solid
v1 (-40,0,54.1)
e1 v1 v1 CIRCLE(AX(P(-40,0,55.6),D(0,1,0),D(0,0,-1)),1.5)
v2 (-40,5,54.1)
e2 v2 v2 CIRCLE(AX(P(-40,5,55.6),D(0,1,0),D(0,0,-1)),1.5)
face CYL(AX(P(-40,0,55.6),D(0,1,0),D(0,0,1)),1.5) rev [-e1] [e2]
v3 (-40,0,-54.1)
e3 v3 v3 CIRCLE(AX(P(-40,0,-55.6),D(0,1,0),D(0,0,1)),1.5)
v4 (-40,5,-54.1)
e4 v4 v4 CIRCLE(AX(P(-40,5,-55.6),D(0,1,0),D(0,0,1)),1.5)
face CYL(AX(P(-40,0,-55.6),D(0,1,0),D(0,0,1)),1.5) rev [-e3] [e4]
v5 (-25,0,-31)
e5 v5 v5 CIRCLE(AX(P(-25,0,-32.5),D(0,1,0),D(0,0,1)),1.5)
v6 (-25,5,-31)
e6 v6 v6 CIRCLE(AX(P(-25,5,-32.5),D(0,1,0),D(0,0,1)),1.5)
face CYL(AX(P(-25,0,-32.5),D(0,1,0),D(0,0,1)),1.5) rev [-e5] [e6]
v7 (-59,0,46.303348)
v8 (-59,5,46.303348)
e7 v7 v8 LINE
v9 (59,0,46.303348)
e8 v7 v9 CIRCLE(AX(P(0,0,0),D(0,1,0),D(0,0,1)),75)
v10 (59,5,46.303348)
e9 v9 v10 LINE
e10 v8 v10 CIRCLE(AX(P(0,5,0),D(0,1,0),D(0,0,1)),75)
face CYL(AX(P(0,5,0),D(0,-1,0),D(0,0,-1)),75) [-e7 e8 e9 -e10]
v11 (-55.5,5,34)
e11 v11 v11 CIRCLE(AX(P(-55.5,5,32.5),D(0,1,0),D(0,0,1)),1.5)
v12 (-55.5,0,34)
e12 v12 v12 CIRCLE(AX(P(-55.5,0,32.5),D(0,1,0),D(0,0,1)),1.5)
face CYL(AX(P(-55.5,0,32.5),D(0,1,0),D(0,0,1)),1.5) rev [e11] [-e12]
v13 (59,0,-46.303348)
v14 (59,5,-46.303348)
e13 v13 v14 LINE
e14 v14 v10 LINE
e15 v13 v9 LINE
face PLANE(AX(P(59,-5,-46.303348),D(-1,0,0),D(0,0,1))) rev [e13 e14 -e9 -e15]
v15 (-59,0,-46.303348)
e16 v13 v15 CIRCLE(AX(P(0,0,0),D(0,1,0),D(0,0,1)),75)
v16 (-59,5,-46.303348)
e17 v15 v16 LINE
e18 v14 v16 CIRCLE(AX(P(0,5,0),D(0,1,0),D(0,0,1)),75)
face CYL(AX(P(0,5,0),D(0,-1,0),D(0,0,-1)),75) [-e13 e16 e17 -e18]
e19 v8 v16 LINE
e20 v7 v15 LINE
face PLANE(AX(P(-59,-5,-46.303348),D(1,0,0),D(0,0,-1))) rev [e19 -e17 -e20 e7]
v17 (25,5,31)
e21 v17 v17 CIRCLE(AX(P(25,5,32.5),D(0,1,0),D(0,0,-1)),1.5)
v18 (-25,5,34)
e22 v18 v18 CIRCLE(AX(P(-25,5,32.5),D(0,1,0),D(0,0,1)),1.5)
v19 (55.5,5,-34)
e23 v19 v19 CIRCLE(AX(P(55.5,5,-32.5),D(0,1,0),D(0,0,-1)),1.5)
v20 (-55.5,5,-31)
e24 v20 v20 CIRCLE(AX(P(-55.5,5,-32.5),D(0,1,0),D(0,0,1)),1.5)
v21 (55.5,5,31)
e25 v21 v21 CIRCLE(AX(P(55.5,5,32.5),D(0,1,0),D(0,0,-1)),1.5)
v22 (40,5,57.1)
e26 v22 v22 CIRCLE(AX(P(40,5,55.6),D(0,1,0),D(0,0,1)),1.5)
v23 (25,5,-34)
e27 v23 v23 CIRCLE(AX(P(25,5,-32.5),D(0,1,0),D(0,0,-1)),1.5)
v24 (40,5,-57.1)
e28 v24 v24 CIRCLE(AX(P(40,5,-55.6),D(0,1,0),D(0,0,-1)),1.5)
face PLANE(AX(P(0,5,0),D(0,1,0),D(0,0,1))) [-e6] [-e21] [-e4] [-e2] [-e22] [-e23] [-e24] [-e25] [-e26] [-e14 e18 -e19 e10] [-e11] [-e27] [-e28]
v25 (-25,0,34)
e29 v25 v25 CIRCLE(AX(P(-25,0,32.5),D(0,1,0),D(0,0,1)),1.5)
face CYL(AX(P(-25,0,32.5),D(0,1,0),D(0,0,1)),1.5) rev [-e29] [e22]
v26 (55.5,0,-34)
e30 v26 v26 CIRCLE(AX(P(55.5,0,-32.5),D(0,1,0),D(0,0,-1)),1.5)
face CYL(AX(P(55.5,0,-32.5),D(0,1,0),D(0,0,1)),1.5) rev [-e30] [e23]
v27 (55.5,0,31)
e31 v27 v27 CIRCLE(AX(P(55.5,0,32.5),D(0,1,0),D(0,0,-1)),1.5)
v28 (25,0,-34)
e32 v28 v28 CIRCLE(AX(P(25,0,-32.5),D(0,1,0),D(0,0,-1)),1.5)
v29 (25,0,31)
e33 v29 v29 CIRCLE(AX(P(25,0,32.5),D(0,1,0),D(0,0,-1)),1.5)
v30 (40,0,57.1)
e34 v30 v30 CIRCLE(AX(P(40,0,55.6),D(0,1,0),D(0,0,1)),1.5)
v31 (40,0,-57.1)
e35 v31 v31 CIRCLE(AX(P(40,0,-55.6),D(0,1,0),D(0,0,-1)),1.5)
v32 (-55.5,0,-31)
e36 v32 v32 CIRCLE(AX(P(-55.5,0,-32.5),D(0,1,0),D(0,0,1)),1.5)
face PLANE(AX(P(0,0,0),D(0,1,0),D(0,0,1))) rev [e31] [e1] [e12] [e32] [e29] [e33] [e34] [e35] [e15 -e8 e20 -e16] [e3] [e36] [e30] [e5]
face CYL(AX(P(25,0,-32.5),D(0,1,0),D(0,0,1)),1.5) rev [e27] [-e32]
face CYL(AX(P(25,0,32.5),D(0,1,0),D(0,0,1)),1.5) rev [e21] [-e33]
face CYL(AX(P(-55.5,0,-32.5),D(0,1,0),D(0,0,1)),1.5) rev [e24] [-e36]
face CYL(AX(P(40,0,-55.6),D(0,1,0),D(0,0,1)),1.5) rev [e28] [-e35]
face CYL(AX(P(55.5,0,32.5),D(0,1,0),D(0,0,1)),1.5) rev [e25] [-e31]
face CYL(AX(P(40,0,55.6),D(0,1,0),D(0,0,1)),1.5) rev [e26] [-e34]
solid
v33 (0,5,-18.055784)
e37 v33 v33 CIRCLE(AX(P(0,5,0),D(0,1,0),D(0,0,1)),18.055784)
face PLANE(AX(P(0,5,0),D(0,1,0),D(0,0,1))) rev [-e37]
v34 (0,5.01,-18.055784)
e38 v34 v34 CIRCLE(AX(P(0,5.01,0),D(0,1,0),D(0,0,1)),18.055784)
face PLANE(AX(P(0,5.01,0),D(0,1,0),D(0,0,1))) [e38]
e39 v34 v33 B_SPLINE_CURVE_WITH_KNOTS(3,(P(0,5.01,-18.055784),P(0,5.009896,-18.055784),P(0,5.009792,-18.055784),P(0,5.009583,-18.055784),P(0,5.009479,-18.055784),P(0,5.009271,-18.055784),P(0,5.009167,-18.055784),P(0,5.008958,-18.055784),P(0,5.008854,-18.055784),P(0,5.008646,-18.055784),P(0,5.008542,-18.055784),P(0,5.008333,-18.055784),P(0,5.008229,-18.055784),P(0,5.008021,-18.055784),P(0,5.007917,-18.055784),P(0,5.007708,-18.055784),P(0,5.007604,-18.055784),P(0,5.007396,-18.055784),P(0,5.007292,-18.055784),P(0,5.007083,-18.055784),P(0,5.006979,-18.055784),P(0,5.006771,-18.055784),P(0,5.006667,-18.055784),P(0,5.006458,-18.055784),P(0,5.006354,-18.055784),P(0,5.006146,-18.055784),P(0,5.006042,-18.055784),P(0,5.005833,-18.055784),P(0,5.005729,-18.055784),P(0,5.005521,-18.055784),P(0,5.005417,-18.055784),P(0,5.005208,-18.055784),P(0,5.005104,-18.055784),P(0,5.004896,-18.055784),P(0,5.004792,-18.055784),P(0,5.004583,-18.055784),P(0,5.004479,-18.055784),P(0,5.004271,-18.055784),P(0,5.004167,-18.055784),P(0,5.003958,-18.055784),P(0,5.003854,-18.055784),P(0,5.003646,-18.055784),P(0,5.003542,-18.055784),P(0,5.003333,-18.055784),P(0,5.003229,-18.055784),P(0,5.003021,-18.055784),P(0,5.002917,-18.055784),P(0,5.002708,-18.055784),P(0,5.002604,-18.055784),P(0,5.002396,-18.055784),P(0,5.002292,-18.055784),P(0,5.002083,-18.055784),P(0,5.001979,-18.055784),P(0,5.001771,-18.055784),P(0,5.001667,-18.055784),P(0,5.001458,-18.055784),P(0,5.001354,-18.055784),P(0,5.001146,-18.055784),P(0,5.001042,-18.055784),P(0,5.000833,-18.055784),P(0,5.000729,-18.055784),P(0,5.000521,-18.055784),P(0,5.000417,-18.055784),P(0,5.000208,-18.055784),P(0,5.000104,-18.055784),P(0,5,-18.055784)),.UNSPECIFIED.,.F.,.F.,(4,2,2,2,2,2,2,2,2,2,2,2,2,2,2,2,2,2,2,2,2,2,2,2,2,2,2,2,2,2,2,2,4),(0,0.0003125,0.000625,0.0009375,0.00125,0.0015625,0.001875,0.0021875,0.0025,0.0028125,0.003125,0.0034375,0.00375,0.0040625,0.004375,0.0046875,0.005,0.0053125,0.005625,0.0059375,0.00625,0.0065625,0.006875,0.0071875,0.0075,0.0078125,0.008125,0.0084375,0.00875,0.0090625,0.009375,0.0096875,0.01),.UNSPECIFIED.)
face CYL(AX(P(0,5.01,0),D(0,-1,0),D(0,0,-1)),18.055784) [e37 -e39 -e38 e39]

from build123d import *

# Parameters (mm, degrees)
SKETCH1_R               = 75
TRAY_DEPTH              = 5
SKETCH2_R               = 1.5
SUPPORT_HOLES_DEPTH     = 5
SKETCH4_R               = 1.5
MOTORDRIVER_HOLES_DEPTH = 5
CUT_EXTRUDE1_START      = -10
CUT_EXTRUDE1_DEPTH      = 10
SKETCH7_R               = 18.055784347
BOSS_EXTRUDE1_DEPTH     = 0.01


with BuildPart() as part:
    # Sketch1 → Tray (new body)
    with BuildSketch(Plane(origin=(0, 0, 0), x_dir=(1, 0, 0), z_dir=(0, 1, 0))):
        with Locations(Location((0, 0, 0), (0, 0, 270))):
            Circle(SKETCH1_R)
    extrude(amount=TRAY_DEPTH)

    # Sketch2 → Support Holes (cut)
    with BuildSketch(Plane(origin=(0, 5, 0), x_dir=(1, 0, 0), z_dir=(0, 1, 0))):
        with Locations(Location((-40, 55.6, 0), (0, 0, 270))):
            Circle(SKETCH2_R)
        with Locations(Location((40, 55.6, 0), (0, 0, 90))):
            Circle(SKETCH2_R)
        with Locations(Location((40, -55.6, 0), (0, 0, 270))):
            Circle(SKETCH2_R)
        with Locations(Location((-40, -55.6, 0), (0, 0, 90))):
            Circle(SKETCH2_R)
    extrude(amount=-SUPPORT_HOLES_DEPTH, mode=Mode.SUBTRACT)

    # Sketch4 → MotorDriver Holes (cut)
    with BuildSketch(Plane(origin=(0, 5, 0), x_dir=(1, 0, 0), z_dir=(0, 1, 0))):
        with Locations(Location((-55.5, 32.5, 0), (0, 0, 270))):
            Circle(SKETCH4_R)
        with Locations(Location((-25, 32.5, 0), (0, 0, 270))):
            Circle(SKETCH4_R)
        with Locations(Location((-55.5, -32.5, 0), (0, 0, 270))):
            Circle(SKETCH4_R)
        with Locations(Location((-25, -32.5, 0), (0, 0, 270))):
            Circle(SKETCH4_R)
        with Locations(Location((55.5, -32.5, 0), (0, 0, 90))):
            Circle(SKETCH4_R)
        with Locations(Location((25, -32.5, 0), (0, 0, 90))):
            Circle(SKETCH4_R)
        with Locations(Location((25, 32.5, 0), (0, 0, 90))):
            Circle(SKETCH4_R)
        with Locations(Location((55.5, 32.5, 0), (0, 0, 90))):
            Circle(SKETCH4_R)
    extrude(amount=-MOTORDRIVER_HOLES_DEPTH, mode=Mode.SUBTRACT)

    # Sketch6 → Cut-Extrude1 (cut)
    with BuildSketch(Plane(origin=(0, 5, 0), x_dir=(1, 0, 0), z_dir=(0, 1, 0)).offset(CUT_EXTRUDE1_START)):
        with BuildLine():
            Line((-59, 46.303347611), (-59, -46.303347611))
            ThreePointArc((-59, -46.303347611), (-75, 0), (-59, 46.303347611))
        make_face()
        with BuildLine():
            Line((59, 46.303347611), (59, -46.303347611))
            ThreePointArc((59, -46.303347611), (75, 0), (59, 46.303347611))
        make_face()
    extrude(amount=CUT_EXTRUDE1_DEPTH, mode=Mode.SUBTRACT)


with BuildPart() as body_2:
    # Sketch7 → Boss-Extrude1 (new body)
    with BuildSketch(Plane(origin=(0, 5, 0), x_dir=(1, 0, 0), z_dir=(0, 1, 0))):
        with Locations(Location((0, 0, 0), (0, 0, 90))):
            Circle(SKETCH7_R)
    extrude(amount=BOSS_EXTRUDE1_DEPTH)


solid = Compound([part.part, body_2.part])
